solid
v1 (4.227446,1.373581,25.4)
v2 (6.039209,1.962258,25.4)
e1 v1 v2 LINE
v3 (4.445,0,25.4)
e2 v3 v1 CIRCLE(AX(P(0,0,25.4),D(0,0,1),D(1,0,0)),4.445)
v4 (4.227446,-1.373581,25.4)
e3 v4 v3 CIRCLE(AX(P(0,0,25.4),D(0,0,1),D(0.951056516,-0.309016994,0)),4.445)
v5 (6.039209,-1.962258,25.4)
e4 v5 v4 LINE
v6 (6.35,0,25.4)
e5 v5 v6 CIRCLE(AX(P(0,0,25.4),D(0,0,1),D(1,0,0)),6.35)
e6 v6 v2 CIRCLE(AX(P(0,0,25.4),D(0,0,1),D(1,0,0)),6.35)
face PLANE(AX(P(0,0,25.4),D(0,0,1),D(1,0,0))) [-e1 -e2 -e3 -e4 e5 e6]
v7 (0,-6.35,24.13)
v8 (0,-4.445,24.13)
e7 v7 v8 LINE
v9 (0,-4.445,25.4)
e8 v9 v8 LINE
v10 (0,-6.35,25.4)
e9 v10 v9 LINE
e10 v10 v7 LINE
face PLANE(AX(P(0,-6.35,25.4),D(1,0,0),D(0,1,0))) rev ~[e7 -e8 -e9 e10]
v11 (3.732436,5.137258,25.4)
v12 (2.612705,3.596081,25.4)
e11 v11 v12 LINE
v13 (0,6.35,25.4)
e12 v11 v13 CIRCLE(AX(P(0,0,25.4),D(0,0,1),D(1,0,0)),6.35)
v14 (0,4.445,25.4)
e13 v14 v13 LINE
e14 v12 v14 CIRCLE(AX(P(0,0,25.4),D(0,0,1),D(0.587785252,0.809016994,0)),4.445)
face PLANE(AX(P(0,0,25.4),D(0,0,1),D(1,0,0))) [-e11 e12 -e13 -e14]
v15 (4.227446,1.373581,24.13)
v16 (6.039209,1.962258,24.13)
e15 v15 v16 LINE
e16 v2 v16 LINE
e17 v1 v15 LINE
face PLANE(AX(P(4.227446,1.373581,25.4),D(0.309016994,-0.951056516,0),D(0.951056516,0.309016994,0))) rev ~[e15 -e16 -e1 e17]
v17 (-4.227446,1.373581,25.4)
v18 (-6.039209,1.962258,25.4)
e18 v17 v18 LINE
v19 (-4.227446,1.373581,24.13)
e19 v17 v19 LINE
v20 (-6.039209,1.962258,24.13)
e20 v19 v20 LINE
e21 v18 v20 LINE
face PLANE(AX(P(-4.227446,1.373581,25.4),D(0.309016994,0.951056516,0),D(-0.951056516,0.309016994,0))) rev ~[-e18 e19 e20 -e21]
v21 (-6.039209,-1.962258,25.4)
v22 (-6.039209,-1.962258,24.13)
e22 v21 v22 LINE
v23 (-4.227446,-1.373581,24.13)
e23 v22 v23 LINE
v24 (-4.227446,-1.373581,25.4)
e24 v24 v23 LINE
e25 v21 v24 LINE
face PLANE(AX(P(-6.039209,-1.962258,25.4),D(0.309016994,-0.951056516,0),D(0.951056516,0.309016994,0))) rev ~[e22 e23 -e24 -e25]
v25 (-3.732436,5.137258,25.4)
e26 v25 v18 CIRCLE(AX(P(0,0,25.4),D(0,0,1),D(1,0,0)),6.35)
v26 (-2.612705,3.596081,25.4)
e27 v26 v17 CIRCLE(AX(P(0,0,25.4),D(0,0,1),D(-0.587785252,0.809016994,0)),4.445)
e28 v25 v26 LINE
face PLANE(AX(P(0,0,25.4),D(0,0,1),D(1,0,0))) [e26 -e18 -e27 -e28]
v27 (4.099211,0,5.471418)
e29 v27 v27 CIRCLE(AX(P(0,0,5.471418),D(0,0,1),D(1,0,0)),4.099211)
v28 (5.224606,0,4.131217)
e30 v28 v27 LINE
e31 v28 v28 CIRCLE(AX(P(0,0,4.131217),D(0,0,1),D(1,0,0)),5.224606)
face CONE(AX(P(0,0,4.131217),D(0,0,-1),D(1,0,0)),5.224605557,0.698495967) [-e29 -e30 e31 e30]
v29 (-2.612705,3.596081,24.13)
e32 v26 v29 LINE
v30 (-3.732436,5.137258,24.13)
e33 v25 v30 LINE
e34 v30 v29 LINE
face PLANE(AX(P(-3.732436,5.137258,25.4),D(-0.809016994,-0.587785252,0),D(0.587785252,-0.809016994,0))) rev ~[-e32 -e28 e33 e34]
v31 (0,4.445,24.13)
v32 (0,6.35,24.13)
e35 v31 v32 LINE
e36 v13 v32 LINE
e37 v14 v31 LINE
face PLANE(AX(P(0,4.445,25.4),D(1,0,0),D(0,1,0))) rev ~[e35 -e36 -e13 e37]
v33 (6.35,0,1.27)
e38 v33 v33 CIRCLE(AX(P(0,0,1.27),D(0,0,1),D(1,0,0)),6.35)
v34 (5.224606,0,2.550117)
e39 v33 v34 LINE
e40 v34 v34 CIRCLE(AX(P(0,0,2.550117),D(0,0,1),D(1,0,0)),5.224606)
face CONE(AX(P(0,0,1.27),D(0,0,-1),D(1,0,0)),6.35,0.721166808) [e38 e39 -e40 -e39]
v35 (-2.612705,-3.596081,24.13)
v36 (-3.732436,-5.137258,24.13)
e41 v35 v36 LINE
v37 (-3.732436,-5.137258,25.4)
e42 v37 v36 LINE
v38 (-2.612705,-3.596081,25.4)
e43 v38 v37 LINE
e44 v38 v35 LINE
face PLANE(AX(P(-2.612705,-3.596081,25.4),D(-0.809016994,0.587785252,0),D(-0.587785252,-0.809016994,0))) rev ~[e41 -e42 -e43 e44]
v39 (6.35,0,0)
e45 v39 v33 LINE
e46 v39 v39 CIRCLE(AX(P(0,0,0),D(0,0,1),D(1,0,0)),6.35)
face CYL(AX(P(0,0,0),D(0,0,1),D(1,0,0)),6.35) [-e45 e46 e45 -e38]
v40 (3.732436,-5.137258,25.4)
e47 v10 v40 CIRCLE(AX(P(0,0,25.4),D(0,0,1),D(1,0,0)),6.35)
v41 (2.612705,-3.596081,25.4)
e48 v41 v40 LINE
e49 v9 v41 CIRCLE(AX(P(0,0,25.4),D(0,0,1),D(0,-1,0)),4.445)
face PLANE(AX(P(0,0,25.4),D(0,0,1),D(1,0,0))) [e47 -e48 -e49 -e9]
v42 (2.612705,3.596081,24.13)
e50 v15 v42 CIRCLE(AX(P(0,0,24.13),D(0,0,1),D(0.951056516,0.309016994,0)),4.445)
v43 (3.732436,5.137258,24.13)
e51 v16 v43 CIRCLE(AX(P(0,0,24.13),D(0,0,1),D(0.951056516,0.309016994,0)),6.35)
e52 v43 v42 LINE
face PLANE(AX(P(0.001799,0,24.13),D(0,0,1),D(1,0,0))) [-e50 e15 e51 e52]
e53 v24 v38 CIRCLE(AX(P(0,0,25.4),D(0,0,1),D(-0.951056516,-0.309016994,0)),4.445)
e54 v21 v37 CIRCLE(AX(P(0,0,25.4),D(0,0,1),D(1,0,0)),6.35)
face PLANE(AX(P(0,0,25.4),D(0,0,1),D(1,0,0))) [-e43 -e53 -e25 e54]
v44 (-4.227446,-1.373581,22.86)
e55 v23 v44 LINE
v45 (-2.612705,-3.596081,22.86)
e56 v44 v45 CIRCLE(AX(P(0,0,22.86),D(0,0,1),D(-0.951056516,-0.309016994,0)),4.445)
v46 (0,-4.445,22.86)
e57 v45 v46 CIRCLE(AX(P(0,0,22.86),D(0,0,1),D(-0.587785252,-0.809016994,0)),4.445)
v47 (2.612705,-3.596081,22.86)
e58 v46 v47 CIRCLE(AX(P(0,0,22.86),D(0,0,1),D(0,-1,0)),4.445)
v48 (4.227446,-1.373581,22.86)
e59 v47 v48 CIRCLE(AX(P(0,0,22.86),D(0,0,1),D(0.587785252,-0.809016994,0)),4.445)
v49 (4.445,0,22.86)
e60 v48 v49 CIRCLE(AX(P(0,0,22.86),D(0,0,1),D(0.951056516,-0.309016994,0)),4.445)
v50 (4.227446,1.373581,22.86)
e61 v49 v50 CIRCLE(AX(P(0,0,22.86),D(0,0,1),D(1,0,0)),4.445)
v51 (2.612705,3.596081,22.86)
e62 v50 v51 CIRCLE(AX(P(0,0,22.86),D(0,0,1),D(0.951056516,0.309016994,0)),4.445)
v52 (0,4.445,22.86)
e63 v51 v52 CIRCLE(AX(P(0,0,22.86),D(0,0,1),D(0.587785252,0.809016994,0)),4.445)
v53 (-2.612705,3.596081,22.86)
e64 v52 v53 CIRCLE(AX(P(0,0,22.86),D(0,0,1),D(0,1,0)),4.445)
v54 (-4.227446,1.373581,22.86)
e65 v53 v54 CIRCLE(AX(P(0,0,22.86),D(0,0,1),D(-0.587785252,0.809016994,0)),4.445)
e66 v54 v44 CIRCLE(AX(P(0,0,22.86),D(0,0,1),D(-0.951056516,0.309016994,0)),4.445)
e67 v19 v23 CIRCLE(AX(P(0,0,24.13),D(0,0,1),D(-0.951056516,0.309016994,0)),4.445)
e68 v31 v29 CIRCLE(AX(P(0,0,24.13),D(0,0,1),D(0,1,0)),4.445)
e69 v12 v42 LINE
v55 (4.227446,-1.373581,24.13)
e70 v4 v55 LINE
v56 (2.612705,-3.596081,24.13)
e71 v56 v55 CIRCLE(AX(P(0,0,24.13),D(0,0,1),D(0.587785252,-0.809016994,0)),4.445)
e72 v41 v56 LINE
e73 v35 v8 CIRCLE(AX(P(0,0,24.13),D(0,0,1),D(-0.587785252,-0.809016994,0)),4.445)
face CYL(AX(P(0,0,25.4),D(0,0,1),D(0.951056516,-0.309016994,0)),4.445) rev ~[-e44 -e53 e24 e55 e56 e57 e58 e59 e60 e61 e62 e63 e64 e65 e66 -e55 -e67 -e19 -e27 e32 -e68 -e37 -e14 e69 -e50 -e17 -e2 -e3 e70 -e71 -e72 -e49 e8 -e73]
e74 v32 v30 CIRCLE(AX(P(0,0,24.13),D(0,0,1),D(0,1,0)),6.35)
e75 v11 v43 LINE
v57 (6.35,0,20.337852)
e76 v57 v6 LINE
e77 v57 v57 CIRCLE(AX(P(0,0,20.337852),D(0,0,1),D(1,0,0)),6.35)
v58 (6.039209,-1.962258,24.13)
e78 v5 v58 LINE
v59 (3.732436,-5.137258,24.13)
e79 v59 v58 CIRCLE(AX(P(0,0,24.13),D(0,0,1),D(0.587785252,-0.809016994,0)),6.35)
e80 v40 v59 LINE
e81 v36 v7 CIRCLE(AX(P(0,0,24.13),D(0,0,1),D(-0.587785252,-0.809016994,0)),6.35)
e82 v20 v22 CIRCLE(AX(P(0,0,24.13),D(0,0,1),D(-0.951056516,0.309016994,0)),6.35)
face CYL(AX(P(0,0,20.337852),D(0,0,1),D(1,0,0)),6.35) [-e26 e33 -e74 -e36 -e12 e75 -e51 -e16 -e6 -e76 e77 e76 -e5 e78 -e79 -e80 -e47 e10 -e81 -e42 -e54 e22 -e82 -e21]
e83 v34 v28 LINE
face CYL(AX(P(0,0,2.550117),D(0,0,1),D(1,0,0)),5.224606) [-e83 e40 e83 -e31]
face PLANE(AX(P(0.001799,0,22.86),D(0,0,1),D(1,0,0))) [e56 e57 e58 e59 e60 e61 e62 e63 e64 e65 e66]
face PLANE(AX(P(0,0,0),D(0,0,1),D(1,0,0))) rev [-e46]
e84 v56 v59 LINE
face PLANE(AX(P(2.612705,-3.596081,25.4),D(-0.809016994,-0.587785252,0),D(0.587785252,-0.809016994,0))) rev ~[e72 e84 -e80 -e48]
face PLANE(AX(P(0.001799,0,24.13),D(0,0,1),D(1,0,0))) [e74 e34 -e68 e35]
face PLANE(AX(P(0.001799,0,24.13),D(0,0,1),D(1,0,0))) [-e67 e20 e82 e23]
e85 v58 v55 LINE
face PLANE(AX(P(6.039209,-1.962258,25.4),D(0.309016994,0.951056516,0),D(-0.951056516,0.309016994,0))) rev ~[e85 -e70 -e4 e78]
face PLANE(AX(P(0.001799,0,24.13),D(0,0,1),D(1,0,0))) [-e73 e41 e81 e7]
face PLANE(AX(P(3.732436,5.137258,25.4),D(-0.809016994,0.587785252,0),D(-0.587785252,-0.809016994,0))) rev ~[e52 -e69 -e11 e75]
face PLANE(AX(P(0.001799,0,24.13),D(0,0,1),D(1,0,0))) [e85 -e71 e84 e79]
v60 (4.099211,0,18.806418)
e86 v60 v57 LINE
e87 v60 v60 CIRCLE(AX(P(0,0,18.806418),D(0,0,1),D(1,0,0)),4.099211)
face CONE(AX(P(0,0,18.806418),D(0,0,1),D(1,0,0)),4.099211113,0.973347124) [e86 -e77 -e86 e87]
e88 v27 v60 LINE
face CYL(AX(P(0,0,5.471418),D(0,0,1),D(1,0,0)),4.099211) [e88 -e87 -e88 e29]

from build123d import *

# Parameters (mm, degrees)
F3_DEPTH = 1.27
F5_DEPTH = 1.27


with BuildPart() as f1:
    # F0 (on Front) → F1 (revolve)
    with BuildSketch(Plane.XZ):
        Polygon((0, 25.4), (0, 0), (6.35, 0), (6.35, 1.27), (5.2246055566, 2.5501165073), (5.2246055566, 4.1312165558), (4.0992111132, 5.4714176804), (4.0992111132, 18.806418404), (6.35, 20.3378521087), (6.35, 25.4), align=None)
    revolve(axis=Axis((0, 0, 12.7), (0, 0, 1)))

    # F2 (on face) → F3 (cut)
    with BuildSketch(Plane.XY.offset(25.4)):
        with BuildLine():
            ThreePointArc((4.2274462149, -1.37358054), (4.3902746739, -0.6953511971), (4.445, 0))
            ThreePointArc((4.445, 0), (4.3902746739, 0.6953511971), (4.2274462149, 1.37358054))
            ThreePointArc((4.2274462149, 1.37358054), (3.59608054, 2.6127054464), (2.6127054464, 3.59608054))
            ThreePointArc((2.6127054464, 3.59608054), (1.37358054, 4.2274462149), (0, 4.445))
            ThreePointArc((0, 4.445), (-1.37358054, 4.2274462149), (-2.6127054464, 3.59608054))
            ThreePointArc((-2.6127054464, 3.59608054), (-3.59608054, 2.6127054464), (-4.2274462149, 1.37358054))
            ThreePointArc((-4.2274462149, 1.37358054), (-4.445, 0), (-4.2274462149, -1.37358054))
            ThreePointArc((-4.2274462149, -1.37358054), (-3.59608054, -2.6127054464), (-2.6127054464, -3.59608054))
            ThreePointArc((-2.6127054464, -3.59608054), (-1.37358054, -4.2274462149), (0, -4.445))
            ThreePointArc((0, -4.445), (1.37358054, -4.2274462149), (2.6127054464, -3.59608054))
            ThreePointArc((2.6127054464, -3.59608054), (3.59608054, -2.6127054464), (4.2274462149, -1.37358054))
        make_face()
        with BuildLine():
            ThreePointArc((-2.6127054464, 3.59608054), (-1.37358054, 4.2274462149), (0, 4.445))
            Line((0, 4.445), (0, 6.35))
            ThreePointArc((0, 6.35), (-1.9622579143, 6.0392088785), (-3.7324363521, 5.1372579143))
            Line((-3.7324363521, 5.1372579143), (-2.6127054464, 3.59608054))
        make_face()
        with BuildLine():
            ThreePointArc((2.6127054464, 3.59608054), (3.59608054, 2.6127054464), (4.2274462149, 1.37358054))
            Line((4.2274462149, 1.37358054), (6.0392088785, 1.9622579143))
            ThreePointArc((6.0392088785, 1.9622579143), (5.1372579143, 3.7324363521), (3.7324363521, 5.1372579143))
            Line((3.7324363521, 5.1372579143), (2.6127054464, 3.59608054))
        make_face()
        with BuildLine():
            Line((6.0392088785, -1.9622579143), (4.2274462149, -1.37358054))
            ThreePointArc((4.2274462149, -1.37358054), (3.59608054, -2.6127054464), (2.6127054464, -3.59608054))
            Line((2.6127054464, -3.59608054), (3.7324363521, -5.1372579143))
            ThreePointArc((3.7324363521, -5.1372579143), (5.1372579143, -3.7324363521), (6.0392088785, -1.9622579143))
        make_face()
        with BuildLine():
            Line((0, -6.35), (0, -4.445))
            ThreePointArc((0, -4.445), (-1.37358054, -4.2274462149), (-2.6127054464, -3.59608054))
            Line((-2.6127054464, -3.59608054), (-3.7324363521, -5.1372579143))
            ThreePointArc((-3.7324363521, -5.1372579143), (-1.9622579143, -6.0392088785), (0, -6.35))
        make_face()
        with BuildLine():
            ThreePointArc((-4.2274462149, -1.37358054), (-4.445, 0), (-4.2274462149, 1.37358054))
            Line((-4.2274462149, 1.37358054), (-6.0392088785, 1.9622579143))
            ThreePointArc((-6.0392088785, 1.9622579143), (-6.35, 0), (-6.0392088785, -1.9622579143))
            Line((-6.0392088785, -1.9622579143), (-4.2274462149, -1.37358054))
        make_face()
    extrude(amount=-F3_DEPTH, mode=Mode.SUBTRACT)

    # F4 (on face) → F5 (cut)
    with BuildSketch(Plane.XY.offset(24.13)):
        with BuildLine():
            ThreePointArc((4.2274462149, -1.37358054), (4.3902746739, -0.6953511971), (4.445, 0))
            ThreePointArc((4.445, 0), (4.3902746739, 0.6953511971), (4.2274462149, 1.37358054))
            ThreePointArc((4.2274462149, 1.37358054), (3.59608054, 2.6127054464), (2.6127054464, 3.59608054))
            ThreePointArc((2.6127054464, 3.59608054), (1.37358054, 4.2274462149), (0, 4.445))
            ThreePointArc((0, 4.445), (-1.37358054, 4.2274462149), (-2.6127054464, 3.59608054))
            ThreePointArc((-2.6127054464, 3.59608054), (-3.59608054, 2.6127054464), (-4.2274462149, 1.37358054))
            ThreePointArc((-4.2274462149, 1.37358054), (-4.445, 0), (-4.2274462149, -1.37358054))
            ThreePointArc((-4.2274462149, -1.37358054), (-3.59608054, -2.6127054464), (-2.6127054464, -3.59608054))
            ThreePointArc((-2.6127054464, -3.59608054), (-1.37358054, -4.2274462149), (0, -4.445))
            ThreePointArc((0, -4.445), (1.37358054, -4.2274462149), (2.6127054464, -3.59608054))
            ThreePointArc((2.6127054464, -3.59608054), (3.59608054, -2.6127054464), (4.2274462149, -1.37358054))
        make_face()
    extrude(amount=-F5_DEPTH, mode=Mode.SUBTRACT)


solid = f1.part
